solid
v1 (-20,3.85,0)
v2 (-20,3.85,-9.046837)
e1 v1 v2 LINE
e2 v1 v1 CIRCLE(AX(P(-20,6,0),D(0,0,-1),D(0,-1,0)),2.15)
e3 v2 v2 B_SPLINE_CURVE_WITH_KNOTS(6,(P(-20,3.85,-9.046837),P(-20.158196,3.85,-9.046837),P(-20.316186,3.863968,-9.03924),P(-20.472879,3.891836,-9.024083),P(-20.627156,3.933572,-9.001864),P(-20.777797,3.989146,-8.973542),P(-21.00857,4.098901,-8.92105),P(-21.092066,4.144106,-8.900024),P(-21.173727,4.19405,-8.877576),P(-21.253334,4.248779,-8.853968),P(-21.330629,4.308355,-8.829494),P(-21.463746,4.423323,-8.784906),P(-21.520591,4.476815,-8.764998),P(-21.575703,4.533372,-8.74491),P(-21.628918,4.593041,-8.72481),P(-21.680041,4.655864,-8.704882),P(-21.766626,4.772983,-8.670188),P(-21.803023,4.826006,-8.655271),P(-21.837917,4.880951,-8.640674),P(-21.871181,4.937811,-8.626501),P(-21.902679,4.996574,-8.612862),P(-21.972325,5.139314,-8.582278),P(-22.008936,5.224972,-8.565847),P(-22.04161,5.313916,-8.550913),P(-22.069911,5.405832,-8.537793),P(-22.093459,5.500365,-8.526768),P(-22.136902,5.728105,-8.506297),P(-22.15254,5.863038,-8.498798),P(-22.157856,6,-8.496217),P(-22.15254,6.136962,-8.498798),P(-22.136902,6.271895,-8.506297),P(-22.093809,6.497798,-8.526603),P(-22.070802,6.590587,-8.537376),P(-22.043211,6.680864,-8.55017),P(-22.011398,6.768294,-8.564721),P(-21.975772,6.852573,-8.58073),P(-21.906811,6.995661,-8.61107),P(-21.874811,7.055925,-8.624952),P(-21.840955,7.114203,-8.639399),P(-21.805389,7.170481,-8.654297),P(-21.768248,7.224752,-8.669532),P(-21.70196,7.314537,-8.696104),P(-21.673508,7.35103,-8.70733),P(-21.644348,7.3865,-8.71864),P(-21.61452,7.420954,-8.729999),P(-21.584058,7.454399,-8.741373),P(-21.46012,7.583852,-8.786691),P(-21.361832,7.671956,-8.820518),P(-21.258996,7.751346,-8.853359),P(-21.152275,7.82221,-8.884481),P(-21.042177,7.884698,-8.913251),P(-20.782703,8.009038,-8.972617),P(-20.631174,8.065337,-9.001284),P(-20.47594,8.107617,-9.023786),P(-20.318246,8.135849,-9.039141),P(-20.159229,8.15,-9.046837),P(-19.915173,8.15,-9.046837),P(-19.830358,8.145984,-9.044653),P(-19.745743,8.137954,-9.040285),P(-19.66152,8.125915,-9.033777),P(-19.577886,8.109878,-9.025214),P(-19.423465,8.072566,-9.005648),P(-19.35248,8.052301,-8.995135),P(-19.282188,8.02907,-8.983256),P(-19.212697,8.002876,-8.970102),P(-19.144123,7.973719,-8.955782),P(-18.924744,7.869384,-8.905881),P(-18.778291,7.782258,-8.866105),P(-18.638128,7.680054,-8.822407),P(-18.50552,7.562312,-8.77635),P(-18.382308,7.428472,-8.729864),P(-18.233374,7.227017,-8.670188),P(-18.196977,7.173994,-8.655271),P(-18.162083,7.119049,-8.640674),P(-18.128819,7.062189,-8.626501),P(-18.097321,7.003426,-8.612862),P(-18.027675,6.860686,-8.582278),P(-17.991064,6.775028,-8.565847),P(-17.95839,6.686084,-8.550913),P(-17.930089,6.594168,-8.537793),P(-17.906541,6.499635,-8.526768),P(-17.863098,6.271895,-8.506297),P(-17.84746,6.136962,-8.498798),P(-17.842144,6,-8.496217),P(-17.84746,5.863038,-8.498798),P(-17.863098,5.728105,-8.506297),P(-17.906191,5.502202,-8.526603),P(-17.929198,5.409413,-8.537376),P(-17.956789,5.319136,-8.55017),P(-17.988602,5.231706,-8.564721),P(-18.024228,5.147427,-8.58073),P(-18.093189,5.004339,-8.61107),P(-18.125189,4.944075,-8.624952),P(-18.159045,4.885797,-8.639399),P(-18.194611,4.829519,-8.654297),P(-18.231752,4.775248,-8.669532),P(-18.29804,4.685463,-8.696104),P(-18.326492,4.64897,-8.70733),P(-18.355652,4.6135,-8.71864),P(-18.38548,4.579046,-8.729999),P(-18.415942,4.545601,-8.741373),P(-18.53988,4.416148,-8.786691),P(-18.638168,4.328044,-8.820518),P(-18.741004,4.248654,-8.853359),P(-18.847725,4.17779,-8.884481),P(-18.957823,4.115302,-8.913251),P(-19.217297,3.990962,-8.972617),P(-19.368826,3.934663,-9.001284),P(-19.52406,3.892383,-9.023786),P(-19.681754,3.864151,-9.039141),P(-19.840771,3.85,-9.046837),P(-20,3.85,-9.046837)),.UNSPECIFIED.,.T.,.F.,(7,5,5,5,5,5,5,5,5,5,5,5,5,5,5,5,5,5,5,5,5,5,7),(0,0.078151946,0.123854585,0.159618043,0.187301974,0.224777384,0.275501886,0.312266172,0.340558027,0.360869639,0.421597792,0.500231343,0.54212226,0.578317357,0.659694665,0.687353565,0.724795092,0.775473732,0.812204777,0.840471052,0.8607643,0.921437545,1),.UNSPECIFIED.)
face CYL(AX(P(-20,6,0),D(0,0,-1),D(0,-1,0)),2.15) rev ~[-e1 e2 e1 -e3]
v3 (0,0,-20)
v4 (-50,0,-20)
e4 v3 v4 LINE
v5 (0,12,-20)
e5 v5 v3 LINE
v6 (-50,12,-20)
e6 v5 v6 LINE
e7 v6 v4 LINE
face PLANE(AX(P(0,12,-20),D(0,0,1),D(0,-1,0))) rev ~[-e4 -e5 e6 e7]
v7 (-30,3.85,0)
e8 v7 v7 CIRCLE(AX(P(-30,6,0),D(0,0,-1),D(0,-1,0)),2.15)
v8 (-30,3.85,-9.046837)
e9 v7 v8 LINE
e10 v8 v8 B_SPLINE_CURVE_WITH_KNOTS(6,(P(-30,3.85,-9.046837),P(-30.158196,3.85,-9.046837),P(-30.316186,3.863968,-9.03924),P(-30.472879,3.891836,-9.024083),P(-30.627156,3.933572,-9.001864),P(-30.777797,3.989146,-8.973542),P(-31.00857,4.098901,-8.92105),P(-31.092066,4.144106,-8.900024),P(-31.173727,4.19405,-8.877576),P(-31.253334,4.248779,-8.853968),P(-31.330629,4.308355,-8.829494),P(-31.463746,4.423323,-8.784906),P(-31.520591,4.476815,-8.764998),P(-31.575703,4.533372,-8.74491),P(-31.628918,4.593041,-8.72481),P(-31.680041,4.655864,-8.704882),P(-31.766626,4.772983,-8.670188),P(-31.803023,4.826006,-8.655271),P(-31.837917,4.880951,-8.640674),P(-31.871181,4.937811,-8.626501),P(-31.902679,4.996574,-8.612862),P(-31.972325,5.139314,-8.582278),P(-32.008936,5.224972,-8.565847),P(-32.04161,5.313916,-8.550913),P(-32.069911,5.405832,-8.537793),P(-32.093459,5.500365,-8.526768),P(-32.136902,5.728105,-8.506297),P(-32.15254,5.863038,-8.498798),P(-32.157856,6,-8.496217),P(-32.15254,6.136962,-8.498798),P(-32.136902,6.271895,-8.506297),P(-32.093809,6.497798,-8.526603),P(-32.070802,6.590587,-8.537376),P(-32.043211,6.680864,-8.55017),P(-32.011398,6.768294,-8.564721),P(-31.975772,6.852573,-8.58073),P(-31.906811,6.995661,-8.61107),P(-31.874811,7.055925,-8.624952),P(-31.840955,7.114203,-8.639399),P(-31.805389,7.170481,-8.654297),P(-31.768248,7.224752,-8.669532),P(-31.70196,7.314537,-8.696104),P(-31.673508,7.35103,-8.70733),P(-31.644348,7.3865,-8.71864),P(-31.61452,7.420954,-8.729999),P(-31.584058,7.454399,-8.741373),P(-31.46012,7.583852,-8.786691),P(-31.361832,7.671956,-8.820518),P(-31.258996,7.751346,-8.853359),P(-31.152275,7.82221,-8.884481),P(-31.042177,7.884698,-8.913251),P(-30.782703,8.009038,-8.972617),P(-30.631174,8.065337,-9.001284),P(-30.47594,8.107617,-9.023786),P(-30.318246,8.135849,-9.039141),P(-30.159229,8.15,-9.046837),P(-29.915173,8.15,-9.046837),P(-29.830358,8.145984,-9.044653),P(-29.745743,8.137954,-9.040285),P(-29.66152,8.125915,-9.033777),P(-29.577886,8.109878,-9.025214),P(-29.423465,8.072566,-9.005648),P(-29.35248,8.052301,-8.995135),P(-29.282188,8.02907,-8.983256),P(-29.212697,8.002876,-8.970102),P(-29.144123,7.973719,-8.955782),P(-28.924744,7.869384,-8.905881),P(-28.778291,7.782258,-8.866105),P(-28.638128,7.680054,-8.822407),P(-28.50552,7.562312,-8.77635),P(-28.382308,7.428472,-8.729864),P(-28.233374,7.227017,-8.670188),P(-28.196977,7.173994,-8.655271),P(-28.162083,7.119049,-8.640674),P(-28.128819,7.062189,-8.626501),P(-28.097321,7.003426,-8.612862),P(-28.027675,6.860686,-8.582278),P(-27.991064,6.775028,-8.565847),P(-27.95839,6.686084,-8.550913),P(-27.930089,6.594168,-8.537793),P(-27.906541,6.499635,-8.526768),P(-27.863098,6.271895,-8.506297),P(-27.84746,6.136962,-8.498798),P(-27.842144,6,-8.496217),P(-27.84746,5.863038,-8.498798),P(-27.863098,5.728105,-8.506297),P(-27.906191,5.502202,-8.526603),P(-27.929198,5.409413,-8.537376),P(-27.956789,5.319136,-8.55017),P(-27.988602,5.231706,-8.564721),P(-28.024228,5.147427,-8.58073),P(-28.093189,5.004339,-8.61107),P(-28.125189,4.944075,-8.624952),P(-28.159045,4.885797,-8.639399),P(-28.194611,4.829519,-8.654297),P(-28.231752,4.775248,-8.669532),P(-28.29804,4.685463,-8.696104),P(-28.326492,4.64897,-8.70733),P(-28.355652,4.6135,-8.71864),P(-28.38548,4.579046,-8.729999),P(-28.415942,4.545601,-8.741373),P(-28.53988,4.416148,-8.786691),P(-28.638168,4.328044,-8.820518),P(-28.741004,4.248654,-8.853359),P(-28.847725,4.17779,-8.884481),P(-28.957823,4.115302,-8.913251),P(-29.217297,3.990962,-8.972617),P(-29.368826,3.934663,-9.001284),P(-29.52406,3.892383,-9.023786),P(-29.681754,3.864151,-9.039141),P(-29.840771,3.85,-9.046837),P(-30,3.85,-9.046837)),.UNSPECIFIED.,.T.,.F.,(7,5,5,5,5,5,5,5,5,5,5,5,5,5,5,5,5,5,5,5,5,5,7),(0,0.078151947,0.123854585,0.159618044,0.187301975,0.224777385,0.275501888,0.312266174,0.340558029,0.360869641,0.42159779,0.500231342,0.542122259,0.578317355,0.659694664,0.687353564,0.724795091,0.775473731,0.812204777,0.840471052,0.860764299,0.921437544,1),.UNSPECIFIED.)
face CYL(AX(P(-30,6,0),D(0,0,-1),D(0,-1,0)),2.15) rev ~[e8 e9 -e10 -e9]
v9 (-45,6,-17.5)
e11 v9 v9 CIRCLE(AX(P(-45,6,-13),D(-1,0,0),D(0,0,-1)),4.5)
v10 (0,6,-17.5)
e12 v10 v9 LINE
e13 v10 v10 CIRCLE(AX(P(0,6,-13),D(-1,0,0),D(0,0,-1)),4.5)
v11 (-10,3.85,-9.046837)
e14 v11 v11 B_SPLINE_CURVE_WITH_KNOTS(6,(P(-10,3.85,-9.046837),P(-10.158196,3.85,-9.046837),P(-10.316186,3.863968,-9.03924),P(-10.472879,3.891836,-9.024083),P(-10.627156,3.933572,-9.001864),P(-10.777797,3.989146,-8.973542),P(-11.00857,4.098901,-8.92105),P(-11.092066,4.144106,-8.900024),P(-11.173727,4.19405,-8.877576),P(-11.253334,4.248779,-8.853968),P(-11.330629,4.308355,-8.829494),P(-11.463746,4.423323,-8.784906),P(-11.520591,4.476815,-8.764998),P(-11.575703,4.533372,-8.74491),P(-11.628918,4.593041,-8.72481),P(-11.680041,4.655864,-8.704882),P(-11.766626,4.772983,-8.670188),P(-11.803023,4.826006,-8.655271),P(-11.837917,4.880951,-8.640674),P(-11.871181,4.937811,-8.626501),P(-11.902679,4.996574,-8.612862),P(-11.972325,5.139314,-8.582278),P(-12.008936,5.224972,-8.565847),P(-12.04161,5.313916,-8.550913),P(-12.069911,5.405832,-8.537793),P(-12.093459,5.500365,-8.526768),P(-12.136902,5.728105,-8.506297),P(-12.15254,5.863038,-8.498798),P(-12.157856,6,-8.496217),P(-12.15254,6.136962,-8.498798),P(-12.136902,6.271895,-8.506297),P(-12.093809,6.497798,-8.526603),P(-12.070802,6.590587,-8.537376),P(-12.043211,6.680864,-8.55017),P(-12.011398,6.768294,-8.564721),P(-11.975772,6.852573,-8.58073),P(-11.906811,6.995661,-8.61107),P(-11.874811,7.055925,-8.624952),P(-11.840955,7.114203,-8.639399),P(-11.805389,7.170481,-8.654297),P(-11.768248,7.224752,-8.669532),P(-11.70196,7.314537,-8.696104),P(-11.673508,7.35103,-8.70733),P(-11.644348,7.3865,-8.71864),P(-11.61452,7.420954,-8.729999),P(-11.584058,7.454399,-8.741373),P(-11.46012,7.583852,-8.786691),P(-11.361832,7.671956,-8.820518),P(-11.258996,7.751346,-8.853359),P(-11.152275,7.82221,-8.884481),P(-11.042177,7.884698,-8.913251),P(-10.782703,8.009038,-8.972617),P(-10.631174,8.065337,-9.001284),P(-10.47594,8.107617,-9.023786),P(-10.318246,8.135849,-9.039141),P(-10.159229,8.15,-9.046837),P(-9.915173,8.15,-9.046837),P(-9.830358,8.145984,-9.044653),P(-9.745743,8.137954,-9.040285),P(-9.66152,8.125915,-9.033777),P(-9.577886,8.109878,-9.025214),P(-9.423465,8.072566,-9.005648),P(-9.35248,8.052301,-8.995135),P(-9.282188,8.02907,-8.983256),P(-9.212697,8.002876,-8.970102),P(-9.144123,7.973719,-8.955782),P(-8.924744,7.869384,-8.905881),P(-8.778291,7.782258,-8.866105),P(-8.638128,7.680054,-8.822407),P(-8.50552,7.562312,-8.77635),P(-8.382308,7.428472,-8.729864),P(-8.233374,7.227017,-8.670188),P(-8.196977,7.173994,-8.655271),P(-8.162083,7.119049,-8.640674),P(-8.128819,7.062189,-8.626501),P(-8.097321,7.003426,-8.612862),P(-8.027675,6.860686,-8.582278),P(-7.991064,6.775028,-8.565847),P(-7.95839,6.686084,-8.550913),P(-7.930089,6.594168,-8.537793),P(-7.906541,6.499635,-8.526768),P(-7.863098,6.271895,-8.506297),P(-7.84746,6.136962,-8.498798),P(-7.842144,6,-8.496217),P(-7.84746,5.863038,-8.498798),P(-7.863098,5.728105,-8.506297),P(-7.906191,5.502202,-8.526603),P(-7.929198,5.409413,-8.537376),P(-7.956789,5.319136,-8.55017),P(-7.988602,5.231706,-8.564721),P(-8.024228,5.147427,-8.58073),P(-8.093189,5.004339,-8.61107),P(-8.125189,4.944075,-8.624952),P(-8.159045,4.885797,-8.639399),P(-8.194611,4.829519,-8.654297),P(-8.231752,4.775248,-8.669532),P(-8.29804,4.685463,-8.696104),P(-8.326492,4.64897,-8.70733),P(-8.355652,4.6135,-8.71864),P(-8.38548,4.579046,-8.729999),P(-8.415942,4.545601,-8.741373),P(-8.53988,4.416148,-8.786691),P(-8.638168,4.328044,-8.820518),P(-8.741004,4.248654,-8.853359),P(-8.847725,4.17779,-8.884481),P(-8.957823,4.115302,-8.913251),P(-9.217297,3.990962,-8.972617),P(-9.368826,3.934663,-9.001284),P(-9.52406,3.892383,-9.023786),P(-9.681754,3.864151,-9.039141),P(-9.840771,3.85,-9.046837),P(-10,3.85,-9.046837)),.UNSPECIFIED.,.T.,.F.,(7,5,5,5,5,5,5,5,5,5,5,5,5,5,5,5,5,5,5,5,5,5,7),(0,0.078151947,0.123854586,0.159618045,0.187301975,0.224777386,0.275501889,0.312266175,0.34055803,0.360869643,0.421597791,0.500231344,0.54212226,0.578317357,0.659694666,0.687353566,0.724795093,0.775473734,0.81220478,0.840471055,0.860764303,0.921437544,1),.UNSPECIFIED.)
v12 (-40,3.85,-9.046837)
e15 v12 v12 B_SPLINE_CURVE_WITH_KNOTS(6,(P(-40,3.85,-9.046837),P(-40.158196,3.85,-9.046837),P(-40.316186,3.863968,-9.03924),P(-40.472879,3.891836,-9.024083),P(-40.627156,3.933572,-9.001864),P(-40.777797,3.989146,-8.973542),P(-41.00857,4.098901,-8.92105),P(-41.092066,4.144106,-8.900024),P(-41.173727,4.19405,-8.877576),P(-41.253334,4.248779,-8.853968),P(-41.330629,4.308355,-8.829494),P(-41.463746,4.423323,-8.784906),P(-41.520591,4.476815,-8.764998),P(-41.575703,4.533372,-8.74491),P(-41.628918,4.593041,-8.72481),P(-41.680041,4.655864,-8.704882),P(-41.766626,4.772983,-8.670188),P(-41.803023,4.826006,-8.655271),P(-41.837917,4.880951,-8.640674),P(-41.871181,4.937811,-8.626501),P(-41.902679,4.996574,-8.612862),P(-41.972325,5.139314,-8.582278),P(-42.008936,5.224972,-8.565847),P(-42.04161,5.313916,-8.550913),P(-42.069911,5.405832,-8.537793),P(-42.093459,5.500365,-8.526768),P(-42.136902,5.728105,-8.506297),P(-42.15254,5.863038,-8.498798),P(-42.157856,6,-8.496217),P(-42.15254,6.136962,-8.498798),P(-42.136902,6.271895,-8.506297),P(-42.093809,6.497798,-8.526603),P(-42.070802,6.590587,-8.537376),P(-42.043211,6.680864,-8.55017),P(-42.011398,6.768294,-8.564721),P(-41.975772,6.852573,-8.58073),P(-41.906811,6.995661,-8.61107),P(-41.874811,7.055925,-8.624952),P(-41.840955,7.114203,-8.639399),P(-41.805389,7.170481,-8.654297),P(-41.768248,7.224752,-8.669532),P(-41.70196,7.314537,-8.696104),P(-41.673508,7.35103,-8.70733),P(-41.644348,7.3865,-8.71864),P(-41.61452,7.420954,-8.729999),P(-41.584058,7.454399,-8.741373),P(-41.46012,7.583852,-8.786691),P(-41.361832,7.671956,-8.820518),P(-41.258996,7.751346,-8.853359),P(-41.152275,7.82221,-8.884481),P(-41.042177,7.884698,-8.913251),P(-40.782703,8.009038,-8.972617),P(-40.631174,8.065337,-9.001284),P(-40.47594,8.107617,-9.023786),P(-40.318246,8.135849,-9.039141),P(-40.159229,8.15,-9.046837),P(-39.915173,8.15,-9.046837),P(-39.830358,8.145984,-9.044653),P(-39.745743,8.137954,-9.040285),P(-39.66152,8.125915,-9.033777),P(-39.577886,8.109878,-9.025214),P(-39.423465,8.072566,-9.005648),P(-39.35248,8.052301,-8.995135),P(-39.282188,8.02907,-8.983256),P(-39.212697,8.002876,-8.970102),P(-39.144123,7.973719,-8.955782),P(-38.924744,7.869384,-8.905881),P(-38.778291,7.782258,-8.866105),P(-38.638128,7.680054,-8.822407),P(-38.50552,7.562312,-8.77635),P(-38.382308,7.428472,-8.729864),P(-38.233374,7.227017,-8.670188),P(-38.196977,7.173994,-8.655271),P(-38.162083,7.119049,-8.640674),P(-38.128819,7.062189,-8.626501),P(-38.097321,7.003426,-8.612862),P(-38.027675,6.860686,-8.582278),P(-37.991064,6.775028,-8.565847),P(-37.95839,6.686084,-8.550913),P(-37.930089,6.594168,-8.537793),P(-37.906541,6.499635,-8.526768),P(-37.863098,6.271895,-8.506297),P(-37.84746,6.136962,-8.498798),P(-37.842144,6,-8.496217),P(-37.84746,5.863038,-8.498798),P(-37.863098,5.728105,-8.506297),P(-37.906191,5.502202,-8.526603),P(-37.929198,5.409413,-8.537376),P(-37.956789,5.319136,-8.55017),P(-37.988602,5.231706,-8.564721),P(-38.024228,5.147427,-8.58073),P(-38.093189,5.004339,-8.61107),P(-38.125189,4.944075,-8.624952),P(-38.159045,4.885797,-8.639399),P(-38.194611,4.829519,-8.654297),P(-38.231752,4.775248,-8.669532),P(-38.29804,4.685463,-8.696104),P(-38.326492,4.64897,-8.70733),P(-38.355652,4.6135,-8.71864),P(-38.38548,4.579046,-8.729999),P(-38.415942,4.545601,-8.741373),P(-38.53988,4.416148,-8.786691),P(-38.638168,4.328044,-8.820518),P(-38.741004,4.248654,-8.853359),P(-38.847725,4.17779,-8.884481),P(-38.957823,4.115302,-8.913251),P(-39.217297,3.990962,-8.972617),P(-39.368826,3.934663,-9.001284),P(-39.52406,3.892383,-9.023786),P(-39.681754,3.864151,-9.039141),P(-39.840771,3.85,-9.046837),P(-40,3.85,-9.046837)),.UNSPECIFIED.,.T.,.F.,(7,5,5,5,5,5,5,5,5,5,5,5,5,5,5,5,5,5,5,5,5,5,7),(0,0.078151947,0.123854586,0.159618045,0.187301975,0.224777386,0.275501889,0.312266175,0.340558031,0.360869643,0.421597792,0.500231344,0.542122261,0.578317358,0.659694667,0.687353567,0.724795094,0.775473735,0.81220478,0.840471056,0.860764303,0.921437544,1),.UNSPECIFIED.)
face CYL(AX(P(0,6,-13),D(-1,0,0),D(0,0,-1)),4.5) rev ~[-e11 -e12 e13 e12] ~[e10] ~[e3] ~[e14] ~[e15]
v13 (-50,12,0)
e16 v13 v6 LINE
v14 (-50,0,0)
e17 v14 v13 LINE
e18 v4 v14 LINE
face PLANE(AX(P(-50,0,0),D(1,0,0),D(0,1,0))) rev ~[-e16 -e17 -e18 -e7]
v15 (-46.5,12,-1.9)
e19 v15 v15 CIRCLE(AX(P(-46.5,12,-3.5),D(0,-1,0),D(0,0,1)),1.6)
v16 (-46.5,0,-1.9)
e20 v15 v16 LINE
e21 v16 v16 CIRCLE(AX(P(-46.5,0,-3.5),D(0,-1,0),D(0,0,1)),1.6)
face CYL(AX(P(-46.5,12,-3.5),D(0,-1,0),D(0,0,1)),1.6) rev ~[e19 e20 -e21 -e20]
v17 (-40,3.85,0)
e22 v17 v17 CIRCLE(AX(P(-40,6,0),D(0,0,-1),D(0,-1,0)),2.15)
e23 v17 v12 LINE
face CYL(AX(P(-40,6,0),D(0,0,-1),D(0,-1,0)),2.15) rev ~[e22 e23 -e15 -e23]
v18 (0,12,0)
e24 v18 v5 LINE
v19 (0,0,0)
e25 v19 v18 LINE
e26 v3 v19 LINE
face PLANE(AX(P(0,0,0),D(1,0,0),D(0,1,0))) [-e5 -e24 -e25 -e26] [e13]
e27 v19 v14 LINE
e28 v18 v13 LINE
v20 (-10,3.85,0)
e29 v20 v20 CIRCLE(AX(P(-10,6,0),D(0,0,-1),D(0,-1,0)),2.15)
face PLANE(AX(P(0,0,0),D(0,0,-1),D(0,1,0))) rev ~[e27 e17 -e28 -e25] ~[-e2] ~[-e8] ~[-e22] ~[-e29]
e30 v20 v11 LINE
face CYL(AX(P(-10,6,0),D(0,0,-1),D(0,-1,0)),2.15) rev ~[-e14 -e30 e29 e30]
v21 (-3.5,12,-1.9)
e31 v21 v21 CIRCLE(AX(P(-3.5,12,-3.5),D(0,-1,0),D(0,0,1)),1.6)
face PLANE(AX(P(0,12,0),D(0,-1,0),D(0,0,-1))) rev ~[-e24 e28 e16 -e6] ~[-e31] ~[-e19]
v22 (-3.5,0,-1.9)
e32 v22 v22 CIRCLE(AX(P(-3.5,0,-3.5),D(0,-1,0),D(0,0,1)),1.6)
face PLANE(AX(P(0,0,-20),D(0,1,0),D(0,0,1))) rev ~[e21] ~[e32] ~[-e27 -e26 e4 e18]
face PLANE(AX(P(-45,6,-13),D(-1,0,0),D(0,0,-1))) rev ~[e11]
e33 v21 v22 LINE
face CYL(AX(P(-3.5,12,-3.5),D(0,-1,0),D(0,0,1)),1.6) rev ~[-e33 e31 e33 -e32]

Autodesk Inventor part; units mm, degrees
ref_plane "YZ Plane" through (0, 0, 0) normal (1, 0, 0) x (0, 1, 0)
sketch "Sketch1" plane through (0, 0, 0) normal (1, 0, 0) x (0, 1, 0)
  line L0 (0, 0) -> (12, 0)
  line L1 (12, 0) -> (12, -20)
  line L2 (12, -20) -> (0, -20)
  line L3 (0, -20) -> (0, 0)
  circle A0 centre (6, -13) radius 4.5
  dimension "d0" = 20
  dimension "d1" = 12
  dimension "d2" = 6
  dimension "d3" = 13
  dimension "d4" = 9
extrude "Extrusion1" add sketch "Sketch1" against normal blind 50 contours L0 L1 L2 L3 | A0
ref_plane "Work Plane1" through (0, 0, -10) normal (0, 0, 1) x (1, 0, 0)
ref_plane "Work Plane3" through (0, 6, -20) normal (0, -1, 0) x (1, 0, 0)
sketch "Sketch4" plane through (0, 12, 0) normal (0, 1, 0) x (1, 0, 0)
  line L0 (0, 0) -> (0, 20) projected
  line L1 (0, 0) -> (-50, 0) projected
  circle A0 centre (-3.5, 3.5) radius 1.6
  dimension "d93" = 3.2
  dimension "d94" = 3.5
  dimension "d95" = 3.5
hole "Hole1" at (0, 6, -13) direction (-1, 0, 0) diameter 9 depth 45
hole "Hole2" at (-3.5, 12, -3.5) direction (0, -1, 0) diameter 3.2 end through all
pattern_linear "Rectangular Pattern7" count 2 spacing 43 along (-1, 0, 0) of "Hole2"
sketch "Sketch2" plane through (0, 0, 0) normal (0, 0, 1) x (1, 0, 0)
  line L0 (0, 0) -> (-50, 0) projected
  line L1 (0, 0) -> (0, 12) projected
  circle A0 centre (-10, 6) radius 2.15
  dimension "d7" = 4.3
  dimension "d8" = 6
  dimension "d9" = 10
hole "Hole6" at (-10, 6, 0) direction (0, 0, -1) diameter 4.3 depth 10
pattern_linear "Rectangular Pattern10" count 4 spacing 10 along (-1, 0, 0) of "Hole6"
equation "\"d2\" = 0.5 * d1"
equation "\"d8\" = 0.5 * d1"
properties part number "AirVacManifold_v2"
